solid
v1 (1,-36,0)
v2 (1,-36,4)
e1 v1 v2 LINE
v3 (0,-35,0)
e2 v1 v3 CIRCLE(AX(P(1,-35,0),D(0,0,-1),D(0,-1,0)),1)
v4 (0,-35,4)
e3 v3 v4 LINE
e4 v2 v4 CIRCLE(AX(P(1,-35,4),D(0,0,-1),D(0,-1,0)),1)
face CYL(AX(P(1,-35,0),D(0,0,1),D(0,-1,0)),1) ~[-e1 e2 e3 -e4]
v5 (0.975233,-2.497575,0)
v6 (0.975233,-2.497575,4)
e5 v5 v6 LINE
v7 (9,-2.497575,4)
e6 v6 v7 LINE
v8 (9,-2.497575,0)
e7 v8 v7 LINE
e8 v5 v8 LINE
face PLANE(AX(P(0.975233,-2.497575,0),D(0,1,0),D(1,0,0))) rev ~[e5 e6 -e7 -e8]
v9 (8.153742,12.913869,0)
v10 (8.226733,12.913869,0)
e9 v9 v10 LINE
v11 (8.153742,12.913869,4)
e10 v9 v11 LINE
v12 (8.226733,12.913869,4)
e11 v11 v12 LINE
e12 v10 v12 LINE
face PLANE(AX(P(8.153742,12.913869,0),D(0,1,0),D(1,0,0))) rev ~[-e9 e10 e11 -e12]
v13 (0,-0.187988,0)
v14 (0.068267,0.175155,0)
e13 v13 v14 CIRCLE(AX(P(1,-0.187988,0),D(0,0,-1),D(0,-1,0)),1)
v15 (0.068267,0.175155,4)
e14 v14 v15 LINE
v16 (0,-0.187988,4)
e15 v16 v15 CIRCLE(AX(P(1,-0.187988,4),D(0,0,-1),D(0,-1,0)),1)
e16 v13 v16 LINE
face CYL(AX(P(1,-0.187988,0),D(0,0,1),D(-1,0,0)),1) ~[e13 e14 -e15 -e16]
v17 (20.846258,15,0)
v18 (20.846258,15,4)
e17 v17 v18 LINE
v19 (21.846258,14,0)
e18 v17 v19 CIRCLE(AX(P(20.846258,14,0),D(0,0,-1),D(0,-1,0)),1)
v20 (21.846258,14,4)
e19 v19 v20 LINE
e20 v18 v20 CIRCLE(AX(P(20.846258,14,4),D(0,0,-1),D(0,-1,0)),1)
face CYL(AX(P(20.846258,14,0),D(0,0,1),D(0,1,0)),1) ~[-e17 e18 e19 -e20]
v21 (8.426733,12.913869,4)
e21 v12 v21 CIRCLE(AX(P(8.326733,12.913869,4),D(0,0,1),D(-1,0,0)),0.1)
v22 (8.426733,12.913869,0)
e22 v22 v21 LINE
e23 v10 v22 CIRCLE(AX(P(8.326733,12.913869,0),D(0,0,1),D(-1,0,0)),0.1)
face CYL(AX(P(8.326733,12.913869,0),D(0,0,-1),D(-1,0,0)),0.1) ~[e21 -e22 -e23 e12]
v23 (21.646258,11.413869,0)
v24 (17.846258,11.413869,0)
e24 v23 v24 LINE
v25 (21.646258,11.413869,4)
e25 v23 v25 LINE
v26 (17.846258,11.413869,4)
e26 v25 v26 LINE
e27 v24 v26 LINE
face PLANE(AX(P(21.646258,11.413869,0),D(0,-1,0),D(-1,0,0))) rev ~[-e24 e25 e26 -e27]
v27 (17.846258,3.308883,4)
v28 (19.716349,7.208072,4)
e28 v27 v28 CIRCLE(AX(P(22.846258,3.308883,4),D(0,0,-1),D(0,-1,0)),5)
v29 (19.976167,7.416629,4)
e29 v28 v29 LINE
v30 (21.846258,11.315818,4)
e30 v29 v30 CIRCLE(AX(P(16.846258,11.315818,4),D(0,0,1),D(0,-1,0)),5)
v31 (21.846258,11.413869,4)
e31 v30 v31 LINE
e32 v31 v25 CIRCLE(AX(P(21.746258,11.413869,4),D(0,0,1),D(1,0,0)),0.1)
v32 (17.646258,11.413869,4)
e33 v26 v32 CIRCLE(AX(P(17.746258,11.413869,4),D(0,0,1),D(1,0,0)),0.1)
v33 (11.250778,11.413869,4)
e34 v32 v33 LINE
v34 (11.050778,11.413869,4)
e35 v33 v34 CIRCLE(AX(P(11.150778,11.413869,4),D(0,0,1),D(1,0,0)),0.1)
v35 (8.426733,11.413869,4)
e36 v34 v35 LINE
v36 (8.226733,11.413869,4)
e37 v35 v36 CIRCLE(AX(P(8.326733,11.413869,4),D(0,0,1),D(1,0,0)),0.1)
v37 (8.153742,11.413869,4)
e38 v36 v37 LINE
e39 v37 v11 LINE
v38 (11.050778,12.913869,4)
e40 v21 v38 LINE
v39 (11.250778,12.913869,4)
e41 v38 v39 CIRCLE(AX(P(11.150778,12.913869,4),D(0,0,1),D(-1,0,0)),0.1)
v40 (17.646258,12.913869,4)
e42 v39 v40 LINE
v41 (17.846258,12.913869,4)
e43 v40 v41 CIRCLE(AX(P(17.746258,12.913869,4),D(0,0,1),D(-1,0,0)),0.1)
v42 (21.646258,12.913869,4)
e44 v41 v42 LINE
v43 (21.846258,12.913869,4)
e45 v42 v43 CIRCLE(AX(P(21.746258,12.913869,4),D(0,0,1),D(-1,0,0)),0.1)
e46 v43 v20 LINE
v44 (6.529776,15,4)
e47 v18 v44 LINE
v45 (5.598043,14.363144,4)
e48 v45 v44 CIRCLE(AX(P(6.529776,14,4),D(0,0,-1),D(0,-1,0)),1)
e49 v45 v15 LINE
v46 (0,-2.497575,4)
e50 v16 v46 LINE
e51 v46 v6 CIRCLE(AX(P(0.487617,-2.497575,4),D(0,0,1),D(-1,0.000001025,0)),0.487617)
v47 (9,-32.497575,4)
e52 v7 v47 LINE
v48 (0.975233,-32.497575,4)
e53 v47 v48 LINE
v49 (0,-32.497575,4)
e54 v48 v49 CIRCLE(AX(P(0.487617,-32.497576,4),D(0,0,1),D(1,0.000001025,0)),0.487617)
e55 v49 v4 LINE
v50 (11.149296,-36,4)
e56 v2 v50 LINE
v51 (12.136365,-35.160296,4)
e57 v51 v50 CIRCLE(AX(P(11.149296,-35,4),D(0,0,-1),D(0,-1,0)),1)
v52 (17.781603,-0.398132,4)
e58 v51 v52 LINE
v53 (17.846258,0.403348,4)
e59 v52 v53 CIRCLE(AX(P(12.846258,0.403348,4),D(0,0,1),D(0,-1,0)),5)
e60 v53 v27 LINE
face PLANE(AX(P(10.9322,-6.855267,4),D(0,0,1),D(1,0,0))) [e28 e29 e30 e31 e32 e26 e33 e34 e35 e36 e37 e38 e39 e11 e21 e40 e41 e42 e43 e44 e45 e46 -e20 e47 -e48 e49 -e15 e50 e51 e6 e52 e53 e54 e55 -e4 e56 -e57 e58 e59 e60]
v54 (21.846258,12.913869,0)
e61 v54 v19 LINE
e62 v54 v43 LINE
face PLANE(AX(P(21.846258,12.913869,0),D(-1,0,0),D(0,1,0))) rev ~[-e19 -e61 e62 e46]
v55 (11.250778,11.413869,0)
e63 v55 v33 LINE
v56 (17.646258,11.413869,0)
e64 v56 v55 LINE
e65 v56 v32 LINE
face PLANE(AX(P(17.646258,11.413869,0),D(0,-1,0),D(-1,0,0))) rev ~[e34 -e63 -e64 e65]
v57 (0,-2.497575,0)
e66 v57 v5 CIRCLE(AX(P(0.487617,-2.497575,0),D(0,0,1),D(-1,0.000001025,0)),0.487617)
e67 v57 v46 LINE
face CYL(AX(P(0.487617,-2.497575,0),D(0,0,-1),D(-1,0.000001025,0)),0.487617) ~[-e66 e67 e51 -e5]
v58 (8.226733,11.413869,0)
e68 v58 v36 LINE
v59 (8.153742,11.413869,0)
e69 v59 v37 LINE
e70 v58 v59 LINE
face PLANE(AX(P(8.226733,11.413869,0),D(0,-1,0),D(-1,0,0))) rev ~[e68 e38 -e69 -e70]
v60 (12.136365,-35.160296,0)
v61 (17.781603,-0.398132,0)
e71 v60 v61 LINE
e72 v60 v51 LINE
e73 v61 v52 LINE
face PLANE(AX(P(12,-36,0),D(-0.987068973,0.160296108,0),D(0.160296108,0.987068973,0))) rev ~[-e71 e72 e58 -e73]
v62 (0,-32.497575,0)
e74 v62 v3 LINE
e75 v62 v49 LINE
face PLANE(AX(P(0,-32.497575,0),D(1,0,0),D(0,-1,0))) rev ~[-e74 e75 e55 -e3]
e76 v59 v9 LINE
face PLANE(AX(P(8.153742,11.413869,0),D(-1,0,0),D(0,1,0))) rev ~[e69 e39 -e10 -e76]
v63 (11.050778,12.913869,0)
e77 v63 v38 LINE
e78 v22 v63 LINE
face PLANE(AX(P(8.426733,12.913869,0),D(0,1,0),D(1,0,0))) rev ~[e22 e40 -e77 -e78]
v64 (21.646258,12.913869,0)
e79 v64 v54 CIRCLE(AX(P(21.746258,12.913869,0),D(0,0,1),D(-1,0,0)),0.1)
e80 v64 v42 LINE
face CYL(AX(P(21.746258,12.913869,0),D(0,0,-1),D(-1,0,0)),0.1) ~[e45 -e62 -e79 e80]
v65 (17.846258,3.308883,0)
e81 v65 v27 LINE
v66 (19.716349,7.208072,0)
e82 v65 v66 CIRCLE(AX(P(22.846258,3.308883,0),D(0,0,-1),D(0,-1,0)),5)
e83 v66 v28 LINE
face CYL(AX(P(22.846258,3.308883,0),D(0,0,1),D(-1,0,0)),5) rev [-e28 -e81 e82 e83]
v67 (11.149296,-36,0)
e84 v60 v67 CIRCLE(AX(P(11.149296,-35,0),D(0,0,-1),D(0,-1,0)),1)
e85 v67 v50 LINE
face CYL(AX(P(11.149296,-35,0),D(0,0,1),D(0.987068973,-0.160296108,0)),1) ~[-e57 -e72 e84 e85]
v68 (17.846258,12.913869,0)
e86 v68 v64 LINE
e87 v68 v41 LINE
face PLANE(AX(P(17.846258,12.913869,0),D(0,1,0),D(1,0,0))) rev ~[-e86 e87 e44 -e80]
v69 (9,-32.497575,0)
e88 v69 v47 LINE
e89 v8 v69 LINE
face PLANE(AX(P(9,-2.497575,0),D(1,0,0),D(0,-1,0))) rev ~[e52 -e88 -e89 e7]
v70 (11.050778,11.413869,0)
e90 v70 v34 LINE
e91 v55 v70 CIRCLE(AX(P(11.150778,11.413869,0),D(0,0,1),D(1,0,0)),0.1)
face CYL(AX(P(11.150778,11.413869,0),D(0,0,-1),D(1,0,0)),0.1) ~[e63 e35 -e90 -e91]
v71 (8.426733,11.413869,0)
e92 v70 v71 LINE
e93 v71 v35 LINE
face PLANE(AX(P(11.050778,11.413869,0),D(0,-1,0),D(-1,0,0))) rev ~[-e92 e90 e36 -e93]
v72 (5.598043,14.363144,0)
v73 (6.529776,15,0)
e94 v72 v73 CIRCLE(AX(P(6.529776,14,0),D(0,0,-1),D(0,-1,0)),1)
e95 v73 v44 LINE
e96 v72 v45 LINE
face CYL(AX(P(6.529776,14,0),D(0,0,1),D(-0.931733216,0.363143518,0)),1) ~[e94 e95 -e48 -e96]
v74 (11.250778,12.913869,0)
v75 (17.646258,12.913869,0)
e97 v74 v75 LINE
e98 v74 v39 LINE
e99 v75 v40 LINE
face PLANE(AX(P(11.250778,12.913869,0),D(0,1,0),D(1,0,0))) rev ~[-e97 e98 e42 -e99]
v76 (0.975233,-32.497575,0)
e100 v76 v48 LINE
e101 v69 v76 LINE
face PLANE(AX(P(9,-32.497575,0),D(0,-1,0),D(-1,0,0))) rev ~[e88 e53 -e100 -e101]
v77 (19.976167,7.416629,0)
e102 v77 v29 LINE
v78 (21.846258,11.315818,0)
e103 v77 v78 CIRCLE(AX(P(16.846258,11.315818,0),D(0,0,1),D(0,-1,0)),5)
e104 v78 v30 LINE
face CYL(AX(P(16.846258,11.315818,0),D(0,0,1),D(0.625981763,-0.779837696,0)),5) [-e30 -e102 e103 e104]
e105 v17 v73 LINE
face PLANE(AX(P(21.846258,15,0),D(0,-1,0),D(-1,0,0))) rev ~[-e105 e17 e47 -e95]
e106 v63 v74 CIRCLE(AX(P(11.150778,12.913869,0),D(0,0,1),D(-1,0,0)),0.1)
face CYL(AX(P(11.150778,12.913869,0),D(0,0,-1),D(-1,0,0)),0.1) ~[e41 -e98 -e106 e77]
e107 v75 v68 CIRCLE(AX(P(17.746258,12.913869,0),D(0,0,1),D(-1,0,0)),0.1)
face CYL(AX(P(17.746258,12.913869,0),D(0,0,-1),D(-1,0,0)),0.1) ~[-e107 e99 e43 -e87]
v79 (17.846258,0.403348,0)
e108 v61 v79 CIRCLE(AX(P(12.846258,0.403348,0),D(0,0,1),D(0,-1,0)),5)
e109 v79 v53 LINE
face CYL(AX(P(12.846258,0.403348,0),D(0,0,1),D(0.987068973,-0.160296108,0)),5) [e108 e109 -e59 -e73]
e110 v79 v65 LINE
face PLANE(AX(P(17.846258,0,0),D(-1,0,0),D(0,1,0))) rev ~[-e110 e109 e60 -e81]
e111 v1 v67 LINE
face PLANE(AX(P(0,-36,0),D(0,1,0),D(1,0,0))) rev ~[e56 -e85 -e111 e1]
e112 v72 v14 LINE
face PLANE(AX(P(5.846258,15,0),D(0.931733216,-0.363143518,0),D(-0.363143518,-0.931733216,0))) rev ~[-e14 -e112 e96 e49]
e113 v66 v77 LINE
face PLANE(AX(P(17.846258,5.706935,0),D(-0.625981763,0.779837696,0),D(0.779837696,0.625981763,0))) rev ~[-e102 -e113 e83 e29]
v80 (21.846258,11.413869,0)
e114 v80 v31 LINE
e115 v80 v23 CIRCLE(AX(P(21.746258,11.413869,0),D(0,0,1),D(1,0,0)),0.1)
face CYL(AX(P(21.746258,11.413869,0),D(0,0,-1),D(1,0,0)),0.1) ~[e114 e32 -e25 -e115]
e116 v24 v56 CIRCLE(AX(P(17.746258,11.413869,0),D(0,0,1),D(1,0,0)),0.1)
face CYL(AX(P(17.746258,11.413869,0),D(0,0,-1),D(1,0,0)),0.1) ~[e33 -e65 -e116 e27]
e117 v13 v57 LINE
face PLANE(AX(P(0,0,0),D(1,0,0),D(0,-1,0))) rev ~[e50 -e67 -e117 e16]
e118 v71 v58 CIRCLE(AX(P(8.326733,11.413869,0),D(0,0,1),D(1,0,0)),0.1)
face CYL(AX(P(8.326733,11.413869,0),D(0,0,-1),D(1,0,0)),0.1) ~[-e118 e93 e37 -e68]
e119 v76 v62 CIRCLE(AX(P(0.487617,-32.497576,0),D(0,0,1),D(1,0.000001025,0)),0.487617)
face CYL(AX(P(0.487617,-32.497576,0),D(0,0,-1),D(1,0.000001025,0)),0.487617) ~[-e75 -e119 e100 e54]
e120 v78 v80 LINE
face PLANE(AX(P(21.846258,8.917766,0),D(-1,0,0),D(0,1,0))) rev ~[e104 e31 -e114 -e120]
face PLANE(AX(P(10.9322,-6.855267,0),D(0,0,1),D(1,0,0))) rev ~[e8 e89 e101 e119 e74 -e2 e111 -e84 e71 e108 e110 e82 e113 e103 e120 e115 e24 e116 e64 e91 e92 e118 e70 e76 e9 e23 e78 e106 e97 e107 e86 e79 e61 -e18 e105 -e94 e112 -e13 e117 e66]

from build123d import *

# Parameters (mm, degrees)
F1_DEPTH = 4
F2_R     = 5
F3_R     = 1


with BuildPart() as f1:
    # F0 (on Top) → F1 (new body)
    with BuildSketch(Plane.XY):
        with BuildLine():
            Line((5.846258, 15), (0, 0))
            Line((0, 0), (0, -2.497575))
            ThreePointArc((0, -2.497575), (0.487616, -2.985192), (0.975233, -2.497575))
            Line((0.975233, -2.497575), (9, -2.497575))
            Line((9, -2.497575), (9, -32.497575))
            Line((9, -32.497575), (0.975233, -32.497575))
            ThreePointArc((0.975233, -32.497575), (0.487616, -32.009959), (0, -32.497575))
            Line((0, -32.497575), (0, -36))
            Line((0, -36), (12, -36))
            Line((12, -36), (17.846258, 0))
            Line((17.846258, 0), (17.846258, 5.706935))
            Line((17.846258, 5.706935), (21.846258, 8.917766))
            Line((21.846258, 8.917766), (21.846258, 11.413869))
            ThreePointArc((21.846258, 11.413869), (21.746258, 11.513869), (21.646258, 11.413869))
            Line((21.646258, 11.413869), (17.846258, 11.413869))
            ThreePointArc((17.846258, 11.413869), (17.746258, 11.513869), (17.646258, 11.413869))
            Line((17.646258, 11.413869), (11.250778, 11.413869))
            ThreePointArc((11.250778, 11.413869), (11.150778, 11.513869), (11.050778, 11.413869))
            Line((11.050778, 11.413869), (8.426733, 11.413869))
            ThreePointArc((8.426733, 11.413869), (8.326733, 11.513869), (8.226733, 11.413869))
            Line((8.226733, 11.413869), (8.153742, 11.413869))
            Line((8.153742, 11.413869), (8.153742, 12.913869))
            Line((8.153742, 12.913869), (8.226733, 12.913869))
            ThreePointArc((8.226733, 12.913869), (8.326733, 12.813869), (8.426733, 12.913869))
            Line((8.426733, 12.913869), (11.050778, 12.913869))
            ThreePointArc((11.050778, 12.913869), (11.150778, 12.813869), (11.250778, 12.913869))
            Line((11.250778, 12.913869), (17.646258, 12.913869))
            ThreePointArc((17.646258, 12.913869), (17.746258, 12.813869), (17.846258, 12.913869))
            Line((17.846258, 12.913869), (21.646258, 12.913869))
            ThreePointArc((21.646258, 12.913869), (21.746258, 12.813869), (21.846258, 12.913869))
            Line((21.846258, 12.913869), (21.846258, 15))
            Line((21.846258, 15), (17.846258, 15))
            Line((17.846258, 15), (5.846258, 15))
        make_face()
    extrude(amount=F1_DEPTH)

    # F2
    f2_edges = [f1.edges().sort_by_distance(p)[0] for p in [
        (21.846258, 8.917766, 2),
        (17.846258, 5.706935, 2),
        (17.846258, 0, 2),
    ]]
    fillet(f2_edges, radius=F2_R)

    # F3
    f3_edges = [f1.edges().sort_by_distance(p)[0] for p in [
        (21.846258, 15, 2),
        (5.846258, 15, 2),
        (0, 0, 2),
        (12, -36, 2),
        (0, -36, 2),
    ]]
    fillet(f3_edges, radius=F3_R)


solid = f1.part
